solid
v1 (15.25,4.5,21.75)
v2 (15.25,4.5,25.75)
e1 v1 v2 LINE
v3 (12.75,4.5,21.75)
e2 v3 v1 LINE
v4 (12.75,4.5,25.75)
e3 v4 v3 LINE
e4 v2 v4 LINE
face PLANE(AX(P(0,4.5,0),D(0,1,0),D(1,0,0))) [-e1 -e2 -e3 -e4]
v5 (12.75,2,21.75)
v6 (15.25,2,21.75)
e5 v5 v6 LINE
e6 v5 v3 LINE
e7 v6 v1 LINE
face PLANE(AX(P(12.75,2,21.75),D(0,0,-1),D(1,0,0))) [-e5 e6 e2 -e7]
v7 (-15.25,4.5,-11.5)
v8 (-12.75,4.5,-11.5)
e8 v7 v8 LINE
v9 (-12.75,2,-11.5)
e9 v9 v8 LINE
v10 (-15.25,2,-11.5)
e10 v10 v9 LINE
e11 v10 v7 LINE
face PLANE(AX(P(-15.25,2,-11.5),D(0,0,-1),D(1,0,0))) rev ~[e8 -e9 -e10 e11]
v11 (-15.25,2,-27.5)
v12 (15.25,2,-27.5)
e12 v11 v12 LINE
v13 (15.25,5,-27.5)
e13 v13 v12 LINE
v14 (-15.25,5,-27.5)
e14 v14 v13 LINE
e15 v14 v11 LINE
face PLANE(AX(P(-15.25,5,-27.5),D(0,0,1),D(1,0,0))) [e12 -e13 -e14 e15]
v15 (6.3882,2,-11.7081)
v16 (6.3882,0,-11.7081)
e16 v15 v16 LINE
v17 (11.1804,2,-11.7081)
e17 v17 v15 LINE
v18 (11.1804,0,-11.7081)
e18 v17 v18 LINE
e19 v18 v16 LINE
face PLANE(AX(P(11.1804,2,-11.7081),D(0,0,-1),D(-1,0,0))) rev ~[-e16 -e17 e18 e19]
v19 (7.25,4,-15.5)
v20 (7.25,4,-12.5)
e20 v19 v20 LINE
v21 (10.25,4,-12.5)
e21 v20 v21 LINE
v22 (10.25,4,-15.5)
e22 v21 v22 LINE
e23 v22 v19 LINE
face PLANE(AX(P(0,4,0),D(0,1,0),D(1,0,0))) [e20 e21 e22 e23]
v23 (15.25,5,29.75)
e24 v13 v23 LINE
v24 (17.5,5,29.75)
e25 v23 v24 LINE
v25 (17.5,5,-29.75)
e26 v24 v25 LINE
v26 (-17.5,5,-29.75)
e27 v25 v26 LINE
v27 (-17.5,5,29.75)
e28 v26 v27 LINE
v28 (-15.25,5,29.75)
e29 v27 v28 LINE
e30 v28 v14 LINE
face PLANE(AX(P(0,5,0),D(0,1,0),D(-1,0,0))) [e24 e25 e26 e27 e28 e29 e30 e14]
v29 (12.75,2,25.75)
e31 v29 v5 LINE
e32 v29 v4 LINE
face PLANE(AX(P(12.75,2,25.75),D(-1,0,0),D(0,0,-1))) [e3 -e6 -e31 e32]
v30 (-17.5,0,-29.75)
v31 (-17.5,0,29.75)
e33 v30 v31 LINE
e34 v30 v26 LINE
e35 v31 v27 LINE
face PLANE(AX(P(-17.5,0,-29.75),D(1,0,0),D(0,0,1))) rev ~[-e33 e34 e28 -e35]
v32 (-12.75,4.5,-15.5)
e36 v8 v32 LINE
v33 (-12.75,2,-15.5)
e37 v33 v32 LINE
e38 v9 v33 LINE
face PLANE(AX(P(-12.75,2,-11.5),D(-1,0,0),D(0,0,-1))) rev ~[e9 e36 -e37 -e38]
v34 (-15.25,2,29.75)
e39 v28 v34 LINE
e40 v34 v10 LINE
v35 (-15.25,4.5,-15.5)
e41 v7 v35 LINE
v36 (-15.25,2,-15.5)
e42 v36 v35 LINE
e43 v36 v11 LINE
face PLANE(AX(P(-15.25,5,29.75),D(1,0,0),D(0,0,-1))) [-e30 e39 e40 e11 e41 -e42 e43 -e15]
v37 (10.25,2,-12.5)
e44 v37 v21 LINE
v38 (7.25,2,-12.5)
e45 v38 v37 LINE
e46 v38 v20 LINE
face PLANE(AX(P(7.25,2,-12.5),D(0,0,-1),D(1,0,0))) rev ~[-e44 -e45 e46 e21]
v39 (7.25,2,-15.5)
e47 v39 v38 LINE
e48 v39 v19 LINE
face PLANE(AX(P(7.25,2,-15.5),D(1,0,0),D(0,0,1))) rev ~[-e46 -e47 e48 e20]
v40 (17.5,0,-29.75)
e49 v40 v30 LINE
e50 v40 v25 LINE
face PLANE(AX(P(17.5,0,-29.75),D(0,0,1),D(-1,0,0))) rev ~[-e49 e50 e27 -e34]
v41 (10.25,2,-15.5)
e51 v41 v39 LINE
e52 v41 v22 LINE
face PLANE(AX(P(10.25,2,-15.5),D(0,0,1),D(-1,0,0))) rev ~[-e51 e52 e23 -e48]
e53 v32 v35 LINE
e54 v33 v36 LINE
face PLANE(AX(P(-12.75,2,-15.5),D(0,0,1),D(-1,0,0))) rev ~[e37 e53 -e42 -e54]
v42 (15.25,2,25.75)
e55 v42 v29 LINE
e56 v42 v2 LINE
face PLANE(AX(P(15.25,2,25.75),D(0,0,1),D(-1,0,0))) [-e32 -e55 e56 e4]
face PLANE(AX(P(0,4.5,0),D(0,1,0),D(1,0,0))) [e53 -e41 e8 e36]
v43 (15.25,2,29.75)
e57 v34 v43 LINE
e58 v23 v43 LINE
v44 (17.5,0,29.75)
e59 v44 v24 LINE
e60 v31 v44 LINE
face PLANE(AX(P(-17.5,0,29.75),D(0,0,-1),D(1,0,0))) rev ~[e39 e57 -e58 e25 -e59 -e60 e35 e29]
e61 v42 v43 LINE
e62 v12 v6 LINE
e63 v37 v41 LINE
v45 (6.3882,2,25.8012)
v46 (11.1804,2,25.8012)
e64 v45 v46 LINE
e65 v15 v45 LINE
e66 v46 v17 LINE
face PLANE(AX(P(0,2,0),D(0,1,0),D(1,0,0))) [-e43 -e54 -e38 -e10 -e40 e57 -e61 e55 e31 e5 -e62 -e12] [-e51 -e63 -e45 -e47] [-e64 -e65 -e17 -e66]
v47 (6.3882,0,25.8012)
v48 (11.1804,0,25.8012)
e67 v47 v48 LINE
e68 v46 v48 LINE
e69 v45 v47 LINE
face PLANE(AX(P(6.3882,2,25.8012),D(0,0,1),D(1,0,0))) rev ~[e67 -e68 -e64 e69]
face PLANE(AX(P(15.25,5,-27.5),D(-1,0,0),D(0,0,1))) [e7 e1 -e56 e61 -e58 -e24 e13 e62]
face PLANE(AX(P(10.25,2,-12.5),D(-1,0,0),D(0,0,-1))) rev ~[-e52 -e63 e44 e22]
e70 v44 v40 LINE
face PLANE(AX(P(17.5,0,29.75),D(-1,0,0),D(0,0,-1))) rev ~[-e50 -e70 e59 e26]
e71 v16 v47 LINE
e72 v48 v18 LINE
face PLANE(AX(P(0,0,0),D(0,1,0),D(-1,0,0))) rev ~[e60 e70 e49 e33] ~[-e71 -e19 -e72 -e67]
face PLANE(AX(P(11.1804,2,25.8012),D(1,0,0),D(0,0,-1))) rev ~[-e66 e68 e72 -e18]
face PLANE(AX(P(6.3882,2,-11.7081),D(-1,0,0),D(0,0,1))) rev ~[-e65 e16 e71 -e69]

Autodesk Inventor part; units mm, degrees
ref_plane "YZ Plane" through (0, 0, 0) normal (1, 0, 0) x (0, 1, 0)
ref_plane "XZ Plane" through (0, 0, 0) normal (0, 1, 0) x (-1, 0, 0)
ref_plane "XY Plane" through (0, 0, 0) normal (0, 0, 1) x (1, 0, 0)
sketch "Sketch1" plane through (0, 0, 0) normal (0, 1, 0) x (-1, 0, 0)
  line L0 (-17.5, -29.75) -> (17.5, -29.75)
  line L1 (17.5, -29.75) -> (17.5, 29.75)
  line L2 (17.5, 29.75) -> (-17.5, 29.75)
  line L3 (-17.5, 29.75) -> (-17.5, -29.75)
  line L4 (-17.5, -29.75) -> (17.5, 29.75) construction
  line L5 (17.5, -29.75) -> (-17.5, 29.75) construction
  point P0 (0, 0)
  dimension "d0" = 59.5
  dimension "d1" = 35
extrude "Extrusion1" add sketch "Sketch1" along normal blind 5
sketch "Sketch2" plane through (0, 5, 0) normal (0, 1, 0) x (1, 0, 0)
  line L0 (-17.5, -29.75) -> (17.5, -29.75) projected
  line L1 (15.25, -29.75) -> (-15.25, -29.75)
  line L2 (-15.25, -29.75) -> (-15.25, 27.5)
  line L3 (-15.25, 27.5) -> (15.25, 27.5)
  line L4 (15.25, 27.5) -> (15.25, -29.75)
  line L5 (17.5, -29.75) -> (17.5, 29.75) projected
  line L6 (17.5, 29.75) -> (-17.5, 29.75) projected
  line L7 (-17.5, 29.75) -> (-17.5, -29.75) projected
  point P0 (0, 0)
  point P1 (-15.25, -29.75)
  dimension "d4" = 2.25
  dimension "d5" = 2.25
  dimension "d6" = 2.25
extrude "Extrusion2" cut sketch "Sketch2" against normal blind 3 contours L2 L3 L4 L0
sketch "Sketch3" plane through (0, 2, 0) normal (0, 1, 0) x (1, 0, 0)
  line L0 (10.25, 15.5) -> (7.25, 15.5)
  line L1 (7.25, 15.5) -> (7.25, 12.5)
  line L2 (7.25, 12.5) -> (10.25, 12.5)
  line L3 (10.25, 12.5) -> (10.25, 15.5)
  line L4 (-15.25, 27.5) -> (15.25, 27.5) projected
  line L5 (15.25, 27.5) -> (15.25, -29.75) projected
  line L6 (15.25, -25.75) -> (12.75, -25.75)
  line L7 (12.75, -25.75) -> (12.75, -21.75)
  line L8 (12.75, -21.75) -> (15.25, -21.75)
  line L9 (15.25, -21.75) -> (15.25, -25.75)
  line L10 (-15.25, -29.75) -> (-15.25, 27.5) projected
  line L11 (-15.25, 11.5) -> (-12.75, 11.5)
  line L12 (-12.75, 11.5) -> (-12.75, 15.5)
  line L13 (-12.75, 15.5) -> (-15.25, 15.5)
  line L14 (-15.25, 15.5) -> (-15.25, 11.5)
  line L15 (15.25, -29.75) -> (-15.25, -29.75) projected
  point P0 (0, 0)
  point P1 (15.25, -21.75)
  dimension "d9" = 3
  dimension "d10" = 3
  dimension "d21" = 12
  dimension "d22" = 5
  dimension "d23" = 2.5
  dimension "d24" = 4
  dimension "d25" = 4
  dimension "d26" = 2.5
  dimension "d27" = 12
  dimension "d28" = 4
extrude "Extrusion3" add sketch "Sketch3" along normal blind 2 contours L3 L2 L1 L0
extrude "Extrusion4" add sketch "Sketch3" along normal blind 2.5 contours L13 L12 L11 L10 | L5 L6 L7 L8
sketch "Sketch4" plane through (0, 2, 0) normal (0, 1, 0) x (1, 0, 0)
  line L0 (11.1804, 11.7081) -> (6.3882, 11.7081)
  line L1 (6.3882, 11.7081) -> (6.3882, -25.8012)
  line L2 (6.3882, -25.8012) -> (11.1804, -25.8012)
  line L3 (11.1804, -25.8012) -> (11.1804, 11.7081)
  point P0 (0, 0)
extrude "Extrusion5" cut sketch "Sketch4" against normal through all
equation "\"d5\" = d4"
equation "\"d6\" = d4"
equation "\"d25\" = d24"
equation "\"d26\" = d23"
properties part number "CROC Gluing Form V1"
